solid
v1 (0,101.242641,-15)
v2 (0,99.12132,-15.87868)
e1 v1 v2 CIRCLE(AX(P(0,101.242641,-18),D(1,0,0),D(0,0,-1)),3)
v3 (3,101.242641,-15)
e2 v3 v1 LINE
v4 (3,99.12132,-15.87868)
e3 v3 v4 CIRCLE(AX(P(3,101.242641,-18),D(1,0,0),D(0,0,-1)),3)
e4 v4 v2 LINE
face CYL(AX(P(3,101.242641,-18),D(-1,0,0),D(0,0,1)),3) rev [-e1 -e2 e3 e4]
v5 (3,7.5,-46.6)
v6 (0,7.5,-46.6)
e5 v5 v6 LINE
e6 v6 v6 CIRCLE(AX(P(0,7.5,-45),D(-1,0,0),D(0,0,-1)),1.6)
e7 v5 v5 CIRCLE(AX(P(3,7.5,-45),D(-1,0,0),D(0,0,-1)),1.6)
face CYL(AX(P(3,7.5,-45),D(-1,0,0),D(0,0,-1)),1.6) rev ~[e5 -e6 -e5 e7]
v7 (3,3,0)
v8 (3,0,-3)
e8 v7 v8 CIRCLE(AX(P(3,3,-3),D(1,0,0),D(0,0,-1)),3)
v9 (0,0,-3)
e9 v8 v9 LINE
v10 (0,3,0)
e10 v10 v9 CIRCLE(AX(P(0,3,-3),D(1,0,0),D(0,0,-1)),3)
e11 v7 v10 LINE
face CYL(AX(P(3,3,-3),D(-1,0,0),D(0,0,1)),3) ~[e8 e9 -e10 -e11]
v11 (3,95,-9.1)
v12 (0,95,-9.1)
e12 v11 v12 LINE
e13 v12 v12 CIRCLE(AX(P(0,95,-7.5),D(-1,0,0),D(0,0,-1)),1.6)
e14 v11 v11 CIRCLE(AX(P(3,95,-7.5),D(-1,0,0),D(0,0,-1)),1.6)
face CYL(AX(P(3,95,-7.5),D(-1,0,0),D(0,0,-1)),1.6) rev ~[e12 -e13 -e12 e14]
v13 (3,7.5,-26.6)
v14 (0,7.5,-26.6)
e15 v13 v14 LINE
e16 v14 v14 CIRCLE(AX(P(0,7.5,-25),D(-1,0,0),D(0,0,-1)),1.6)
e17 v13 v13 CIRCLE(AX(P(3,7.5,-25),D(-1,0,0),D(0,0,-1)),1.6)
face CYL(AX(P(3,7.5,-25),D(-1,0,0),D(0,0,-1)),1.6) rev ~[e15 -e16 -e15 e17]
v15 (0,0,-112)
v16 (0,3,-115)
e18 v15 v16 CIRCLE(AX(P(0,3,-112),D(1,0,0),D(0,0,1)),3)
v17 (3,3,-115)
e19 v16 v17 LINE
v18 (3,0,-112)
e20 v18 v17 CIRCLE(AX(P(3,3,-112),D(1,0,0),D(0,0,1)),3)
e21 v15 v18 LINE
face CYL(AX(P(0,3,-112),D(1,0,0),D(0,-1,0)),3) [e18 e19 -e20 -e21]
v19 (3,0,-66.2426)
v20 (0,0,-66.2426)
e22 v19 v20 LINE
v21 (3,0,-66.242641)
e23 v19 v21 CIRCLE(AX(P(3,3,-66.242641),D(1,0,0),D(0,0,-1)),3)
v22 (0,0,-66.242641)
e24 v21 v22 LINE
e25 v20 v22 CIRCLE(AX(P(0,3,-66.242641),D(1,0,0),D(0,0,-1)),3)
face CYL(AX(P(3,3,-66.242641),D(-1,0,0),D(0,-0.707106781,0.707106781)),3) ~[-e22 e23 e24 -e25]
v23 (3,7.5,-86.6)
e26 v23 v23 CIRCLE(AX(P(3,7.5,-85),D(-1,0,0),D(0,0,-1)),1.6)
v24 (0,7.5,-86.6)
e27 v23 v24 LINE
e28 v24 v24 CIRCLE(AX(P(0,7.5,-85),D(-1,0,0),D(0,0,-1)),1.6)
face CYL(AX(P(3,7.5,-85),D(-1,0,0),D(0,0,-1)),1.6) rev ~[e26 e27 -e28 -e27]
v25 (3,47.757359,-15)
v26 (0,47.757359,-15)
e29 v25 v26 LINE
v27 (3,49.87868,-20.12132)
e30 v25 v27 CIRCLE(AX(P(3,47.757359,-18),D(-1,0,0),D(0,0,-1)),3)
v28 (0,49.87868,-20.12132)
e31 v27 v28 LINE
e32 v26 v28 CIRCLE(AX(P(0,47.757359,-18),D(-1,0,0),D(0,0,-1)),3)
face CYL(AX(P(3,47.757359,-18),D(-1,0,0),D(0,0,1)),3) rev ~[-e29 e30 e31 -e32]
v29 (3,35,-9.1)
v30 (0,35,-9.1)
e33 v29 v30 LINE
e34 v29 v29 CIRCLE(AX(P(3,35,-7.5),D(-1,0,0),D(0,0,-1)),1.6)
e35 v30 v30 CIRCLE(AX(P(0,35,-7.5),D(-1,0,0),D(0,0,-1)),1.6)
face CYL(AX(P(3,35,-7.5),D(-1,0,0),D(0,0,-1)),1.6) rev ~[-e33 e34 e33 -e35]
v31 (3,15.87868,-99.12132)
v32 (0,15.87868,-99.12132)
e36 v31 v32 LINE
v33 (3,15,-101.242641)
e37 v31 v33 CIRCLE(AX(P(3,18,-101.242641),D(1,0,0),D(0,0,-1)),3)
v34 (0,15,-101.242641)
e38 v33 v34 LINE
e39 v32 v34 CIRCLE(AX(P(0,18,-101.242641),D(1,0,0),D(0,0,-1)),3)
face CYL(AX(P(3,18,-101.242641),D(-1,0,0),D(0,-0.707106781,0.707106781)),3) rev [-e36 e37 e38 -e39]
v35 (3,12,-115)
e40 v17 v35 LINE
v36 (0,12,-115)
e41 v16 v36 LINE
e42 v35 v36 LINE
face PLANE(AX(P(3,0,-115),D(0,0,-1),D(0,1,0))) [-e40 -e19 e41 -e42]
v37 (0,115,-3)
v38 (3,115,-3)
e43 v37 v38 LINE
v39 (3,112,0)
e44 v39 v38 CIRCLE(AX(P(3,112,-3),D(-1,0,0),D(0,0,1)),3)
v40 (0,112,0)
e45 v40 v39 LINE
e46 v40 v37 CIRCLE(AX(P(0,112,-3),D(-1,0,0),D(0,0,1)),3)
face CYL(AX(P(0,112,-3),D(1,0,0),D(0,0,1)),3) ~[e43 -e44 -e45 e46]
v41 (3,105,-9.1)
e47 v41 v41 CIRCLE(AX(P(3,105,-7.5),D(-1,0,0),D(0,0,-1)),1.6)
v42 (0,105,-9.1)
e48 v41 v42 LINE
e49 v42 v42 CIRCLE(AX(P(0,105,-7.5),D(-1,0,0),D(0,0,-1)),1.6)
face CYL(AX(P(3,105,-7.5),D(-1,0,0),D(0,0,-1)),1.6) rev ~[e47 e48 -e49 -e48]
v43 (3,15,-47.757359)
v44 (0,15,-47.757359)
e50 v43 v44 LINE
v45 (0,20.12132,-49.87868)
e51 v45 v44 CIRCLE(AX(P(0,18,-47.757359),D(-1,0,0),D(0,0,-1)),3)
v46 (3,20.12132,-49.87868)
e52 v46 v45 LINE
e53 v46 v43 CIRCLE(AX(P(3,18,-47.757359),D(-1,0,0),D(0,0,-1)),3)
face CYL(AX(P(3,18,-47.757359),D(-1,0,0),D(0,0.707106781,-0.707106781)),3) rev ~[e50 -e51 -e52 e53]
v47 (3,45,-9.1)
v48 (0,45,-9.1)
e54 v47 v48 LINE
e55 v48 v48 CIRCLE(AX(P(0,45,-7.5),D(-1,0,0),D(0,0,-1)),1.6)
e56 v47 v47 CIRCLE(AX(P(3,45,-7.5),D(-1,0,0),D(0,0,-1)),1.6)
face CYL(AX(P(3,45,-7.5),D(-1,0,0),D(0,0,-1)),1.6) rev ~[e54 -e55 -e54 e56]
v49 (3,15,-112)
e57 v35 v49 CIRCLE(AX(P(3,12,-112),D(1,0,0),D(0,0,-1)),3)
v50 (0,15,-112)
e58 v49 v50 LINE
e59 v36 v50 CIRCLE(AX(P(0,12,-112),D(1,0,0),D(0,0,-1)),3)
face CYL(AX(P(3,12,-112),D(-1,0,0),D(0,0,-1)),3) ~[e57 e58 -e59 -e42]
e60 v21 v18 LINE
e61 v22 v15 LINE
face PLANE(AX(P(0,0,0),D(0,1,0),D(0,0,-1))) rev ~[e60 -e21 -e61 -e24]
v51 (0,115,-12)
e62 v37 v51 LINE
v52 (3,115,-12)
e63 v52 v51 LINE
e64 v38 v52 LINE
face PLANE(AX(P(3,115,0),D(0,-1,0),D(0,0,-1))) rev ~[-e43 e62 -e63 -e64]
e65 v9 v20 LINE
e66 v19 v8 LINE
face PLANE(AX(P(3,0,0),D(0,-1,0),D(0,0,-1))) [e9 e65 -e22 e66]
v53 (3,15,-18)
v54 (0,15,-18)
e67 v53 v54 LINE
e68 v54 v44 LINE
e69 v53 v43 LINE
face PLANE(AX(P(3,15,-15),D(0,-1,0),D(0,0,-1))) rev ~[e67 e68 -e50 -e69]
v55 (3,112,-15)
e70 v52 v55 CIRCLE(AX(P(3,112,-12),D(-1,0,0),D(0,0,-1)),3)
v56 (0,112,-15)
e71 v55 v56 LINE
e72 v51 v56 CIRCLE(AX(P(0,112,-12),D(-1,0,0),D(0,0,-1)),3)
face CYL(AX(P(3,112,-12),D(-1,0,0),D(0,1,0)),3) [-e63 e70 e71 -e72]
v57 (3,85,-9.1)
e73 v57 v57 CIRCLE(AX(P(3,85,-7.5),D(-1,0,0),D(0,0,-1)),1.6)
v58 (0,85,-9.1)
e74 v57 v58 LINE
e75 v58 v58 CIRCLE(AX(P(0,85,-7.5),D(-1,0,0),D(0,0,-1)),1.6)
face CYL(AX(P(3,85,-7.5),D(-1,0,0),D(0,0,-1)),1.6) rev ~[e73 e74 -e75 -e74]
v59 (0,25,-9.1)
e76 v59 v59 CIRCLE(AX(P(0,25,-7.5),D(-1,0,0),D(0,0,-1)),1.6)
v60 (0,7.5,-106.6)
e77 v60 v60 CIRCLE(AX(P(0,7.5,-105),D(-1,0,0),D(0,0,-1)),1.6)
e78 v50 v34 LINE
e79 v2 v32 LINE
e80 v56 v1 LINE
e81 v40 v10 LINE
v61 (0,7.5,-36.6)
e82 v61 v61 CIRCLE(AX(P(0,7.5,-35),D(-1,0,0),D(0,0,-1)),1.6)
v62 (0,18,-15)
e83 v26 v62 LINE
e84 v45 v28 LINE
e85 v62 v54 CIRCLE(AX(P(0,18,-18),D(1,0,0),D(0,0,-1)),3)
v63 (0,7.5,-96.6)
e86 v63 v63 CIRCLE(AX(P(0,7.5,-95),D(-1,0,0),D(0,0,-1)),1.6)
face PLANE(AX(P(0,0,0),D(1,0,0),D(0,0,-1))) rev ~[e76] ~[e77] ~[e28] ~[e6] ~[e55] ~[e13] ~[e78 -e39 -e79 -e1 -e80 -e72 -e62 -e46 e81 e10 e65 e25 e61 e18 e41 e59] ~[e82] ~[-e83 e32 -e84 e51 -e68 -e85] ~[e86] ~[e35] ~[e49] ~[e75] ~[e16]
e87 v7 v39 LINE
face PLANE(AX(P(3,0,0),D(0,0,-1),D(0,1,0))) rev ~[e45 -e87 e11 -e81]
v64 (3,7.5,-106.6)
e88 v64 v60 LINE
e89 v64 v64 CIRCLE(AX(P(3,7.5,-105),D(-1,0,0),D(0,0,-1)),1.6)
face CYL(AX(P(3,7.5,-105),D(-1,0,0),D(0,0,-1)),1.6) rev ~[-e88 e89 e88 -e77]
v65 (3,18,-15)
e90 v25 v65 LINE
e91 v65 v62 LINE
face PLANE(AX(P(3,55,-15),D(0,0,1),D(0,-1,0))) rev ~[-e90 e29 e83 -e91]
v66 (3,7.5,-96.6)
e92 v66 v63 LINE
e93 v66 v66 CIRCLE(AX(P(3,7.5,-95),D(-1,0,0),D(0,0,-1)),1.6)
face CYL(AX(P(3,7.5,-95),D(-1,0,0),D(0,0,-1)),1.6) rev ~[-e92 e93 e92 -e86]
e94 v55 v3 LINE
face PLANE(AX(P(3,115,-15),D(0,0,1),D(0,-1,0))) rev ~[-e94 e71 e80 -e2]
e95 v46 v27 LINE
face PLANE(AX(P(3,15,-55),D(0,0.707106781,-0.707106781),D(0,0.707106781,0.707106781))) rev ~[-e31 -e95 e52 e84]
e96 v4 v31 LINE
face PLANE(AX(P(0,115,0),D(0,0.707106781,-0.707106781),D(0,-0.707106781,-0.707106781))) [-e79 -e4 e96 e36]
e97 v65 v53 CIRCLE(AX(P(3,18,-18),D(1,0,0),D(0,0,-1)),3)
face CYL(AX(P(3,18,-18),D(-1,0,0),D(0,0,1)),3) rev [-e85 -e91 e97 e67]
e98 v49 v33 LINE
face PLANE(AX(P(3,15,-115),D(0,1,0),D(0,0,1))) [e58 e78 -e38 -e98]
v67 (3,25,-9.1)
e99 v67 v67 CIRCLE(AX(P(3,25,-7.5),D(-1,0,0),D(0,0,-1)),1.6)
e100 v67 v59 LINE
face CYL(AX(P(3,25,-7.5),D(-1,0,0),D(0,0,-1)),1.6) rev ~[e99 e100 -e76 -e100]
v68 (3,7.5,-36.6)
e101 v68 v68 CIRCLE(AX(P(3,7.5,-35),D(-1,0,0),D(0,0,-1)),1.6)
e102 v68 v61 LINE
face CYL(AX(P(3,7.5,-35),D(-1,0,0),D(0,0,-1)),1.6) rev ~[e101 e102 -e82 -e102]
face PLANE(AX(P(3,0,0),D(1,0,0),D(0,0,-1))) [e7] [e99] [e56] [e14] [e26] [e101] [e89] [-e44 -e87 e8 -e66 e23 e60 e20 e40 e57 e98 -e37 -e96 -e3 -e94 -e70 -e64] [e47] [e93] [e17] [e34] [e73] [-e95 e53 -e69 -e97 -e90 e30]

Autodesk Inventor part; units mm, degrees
ref_plane "YZ Plane" through (0, 0, 0) normal (1, 0, 0) x (0, 1, 0)
ref_plane "XZ Plane" through (0, 0, 0) normal (0, 1, 0) x (-1, 0, 0)
ref_plane "XY Plane" through (0, 0, 0) normal (0, 0, 1) x (1, 0, 0)
sketch "スケッチ1" plane through (0, 0, 0) normal (1, 0, 0) x (0, 1, 0)
  line L0 (0, 0) -> (0, -115)
  line L1 (0, 0) -> (115, 0) construction
  line L2 (0, 0) -> (115, 0)
  line L3 (0, 0) -> (115, 0) construction
  line L4 (115, 0) -> (0, -115)
  dimension "d0" = 115
  dimension "d1" = 90
  dimension "d2" = 115
  dimension "d3" = 0
extrude "押し出し1" add sketch "スケッチ1" along normal blind 3
sketch "スケッチ2" plane through (3, 0, 0) normal (1, 0, 0) x (0, 0, -1)
  line L0 (0, 0) -> (0, 65)
  line L1 (0, 115) -> (0, 0) projected
  line L2 (0, 0) -> (65, 0) construction
  line L3 (0, 0) -> (65, 0)
  line L4 (0, 0) -> (115, 0) projected
  line L5 (0, 0) -> (65, 0) construction
  line L6 (65, 0) -> (0, 65)
  dimension "d6" = 65
  dimension "d7" = 90
  dimension "d8" = 65
  dimension "d9" = 0
extrude "押し出し2" cut sketch "スケッチ2" against normal blind 3
sketch "スケッチ3" plane through (3, 0, 0) normal (1, 0, 0) x (0, 0, -1)
  line L0 (0, 115) -> (15, 115)
  line L1 (0, 115) -> (15, 115) construction
  line L2 (15, 115) -> (15, 100)
  line L3 (115, 0) -> (0, 115) projected
  line L4 (115, 0) -> (115, 15)
  line L5 (115, 0) -> (130, 0) construction
  line L6 (115, 15) -> (100, 15)
  point P0 (0, 0)
  dimension "d12" = 15
  dimension "d13" = 0
  dimension "d14" = 15
  dimension "d15" = 90
extrude "押し出し3" add sketch "スケッチ3" against normal blind 3
sketch "スケッチ4" plane through (3, 0, 0) normal (1, 0, 0) x (0, 0, -1)
  line L0 (15, 115) -> (0, 115) projected
  line L1 (15, 100) -> (15, 115) projected
  line L2 (0, 115) -> (0, 65) projected
  line L3 (0, 0) -> (95, 95) construction
  line L4 (0, 0) -> (134.3503, 0) construction
  point P0 (7.5, 105)
  point P1 (7.5, 95)
  point P2 (7.5, 85)
  point P3 (105, 7.5)
  point P4 (95, 7.5)
  point P5 (85, 7.5)
  dimension "d18" = 10
  dimension "d19" = 7.5
  dimension "d20" = 7.5
  dimension "d21" = 7.5
  dimension "d22" = 10
  dimension "d23" = 10
  dimension "d24" = 45
hole "穴1" at (3, 105, -7.5) at (3, 95, -7.5) at (3, 85, -7.5) at (3, 7.5, -105) at (3, 7.5, -95) at (3, 7.5, -85) direction (-1, 0, 0) diameter 3.2 end through all
fillet "フィレット1" radius 3 8 edges at (1.5, 115, -15) (1.5, 100, -15) (1.5, 15, -100) (1.5, 15, -115) (1.5, 0, -115) (1.5, 0, -65) (1.5, 65, 0) (1.5, 115, 0)
sketch "スケッチ5" plane through (3, 0, 0) normal (1, 0, 0) x (0, 0, -1)
  line L0 (0, 0) -> (65, 0)
  line L1 (66.2426, 0) -> (112, 0) projected
  line L2 (0, 0) -> (66.2426, 0)
  arc A0 (0, 66.2426) -> (0.8787, 64.1213) centre (3, 66.2426) ccw projected
  line L3 (0, 0) -> (0, 66.2426)
  line L4 (0.8787, 64.1213) -> (64.1213, 0.8787) projected
  line L5 (0.8787, 64.1213) -> (64.1213, 0.8787)
  arc A1 (0, 66.2426) -> (0.8787, 64.1213) centre (3, 66.2426) ccw
  arc A2 (64.1213, 0.8787) -> (66.2426, 0) centre (66.2426, 3) ccw
extrude "押し出し4" add sketch "スケッチ5" against normal blind 3
sketch "スケッチ6" plane through (3, 0, 0) normal (1, 0, 0) x (0, 0, -1)
  line L0 (0, 0) -> (112, 0) projected
  line L1 (0, 112) -> (0, 0) projected
  line L2 (15, 15) -> (55, 15)
  line L3 (55, 15) -> (15, 55)
  line L4 (15, 55) -> (15, 15)
  dimension "d35" = 15
  dimension "d36" = 15
  dimension "d37" = 40
  dimension "d38" = 40
extrude "押し出し5" cut sketch "スケッチ6" against normal blind 3
sketch "スケッチ7" plane through (3, 0, 0) normal (1, 0, 0) x (0, 0, -1)
  line L0 (0, 112) -> (0, 0) projected
  line L1 (0, 0) -> (112, 0) projected
  line L2 (0, 0) -> (0, 112) projected
  line L3 (0, 0) -> (76.3955, 76.3955) construction
  line L4 (0, 0) -> (108.0395, 0) construction
  point P0 (7.5, 25)
  point P1 (7.5, 35)
  point P2 (7.5, 45)
  point P3 (25, 7.5)
  point P4 (35, 7.5)
  point P5 (45, 7.5)
  dimension "d41" = 7.5
  dimension "d42" = 25
  dimension "d43" = 10
  dimension "d44" = 10
  dimension "d46" = 45
hole "穴2" at (3, 25, -7.5) at (3, 35, -7.5) at (3, 45, -7.5) at (3, 7.5, -25) at (3, 7.5, -35) at (3, 7.5, -45) direction (-1, 0, 0) diameter 3.2 end through all
fillet "フィレット2" radius 3 4 edges at (1.5, 15, -55) (1.5, 55, -15) (1.5, 15, -15) (1.5, 0, 0)
properties part number "射出_固定2" material "アルミニウム 6061"
